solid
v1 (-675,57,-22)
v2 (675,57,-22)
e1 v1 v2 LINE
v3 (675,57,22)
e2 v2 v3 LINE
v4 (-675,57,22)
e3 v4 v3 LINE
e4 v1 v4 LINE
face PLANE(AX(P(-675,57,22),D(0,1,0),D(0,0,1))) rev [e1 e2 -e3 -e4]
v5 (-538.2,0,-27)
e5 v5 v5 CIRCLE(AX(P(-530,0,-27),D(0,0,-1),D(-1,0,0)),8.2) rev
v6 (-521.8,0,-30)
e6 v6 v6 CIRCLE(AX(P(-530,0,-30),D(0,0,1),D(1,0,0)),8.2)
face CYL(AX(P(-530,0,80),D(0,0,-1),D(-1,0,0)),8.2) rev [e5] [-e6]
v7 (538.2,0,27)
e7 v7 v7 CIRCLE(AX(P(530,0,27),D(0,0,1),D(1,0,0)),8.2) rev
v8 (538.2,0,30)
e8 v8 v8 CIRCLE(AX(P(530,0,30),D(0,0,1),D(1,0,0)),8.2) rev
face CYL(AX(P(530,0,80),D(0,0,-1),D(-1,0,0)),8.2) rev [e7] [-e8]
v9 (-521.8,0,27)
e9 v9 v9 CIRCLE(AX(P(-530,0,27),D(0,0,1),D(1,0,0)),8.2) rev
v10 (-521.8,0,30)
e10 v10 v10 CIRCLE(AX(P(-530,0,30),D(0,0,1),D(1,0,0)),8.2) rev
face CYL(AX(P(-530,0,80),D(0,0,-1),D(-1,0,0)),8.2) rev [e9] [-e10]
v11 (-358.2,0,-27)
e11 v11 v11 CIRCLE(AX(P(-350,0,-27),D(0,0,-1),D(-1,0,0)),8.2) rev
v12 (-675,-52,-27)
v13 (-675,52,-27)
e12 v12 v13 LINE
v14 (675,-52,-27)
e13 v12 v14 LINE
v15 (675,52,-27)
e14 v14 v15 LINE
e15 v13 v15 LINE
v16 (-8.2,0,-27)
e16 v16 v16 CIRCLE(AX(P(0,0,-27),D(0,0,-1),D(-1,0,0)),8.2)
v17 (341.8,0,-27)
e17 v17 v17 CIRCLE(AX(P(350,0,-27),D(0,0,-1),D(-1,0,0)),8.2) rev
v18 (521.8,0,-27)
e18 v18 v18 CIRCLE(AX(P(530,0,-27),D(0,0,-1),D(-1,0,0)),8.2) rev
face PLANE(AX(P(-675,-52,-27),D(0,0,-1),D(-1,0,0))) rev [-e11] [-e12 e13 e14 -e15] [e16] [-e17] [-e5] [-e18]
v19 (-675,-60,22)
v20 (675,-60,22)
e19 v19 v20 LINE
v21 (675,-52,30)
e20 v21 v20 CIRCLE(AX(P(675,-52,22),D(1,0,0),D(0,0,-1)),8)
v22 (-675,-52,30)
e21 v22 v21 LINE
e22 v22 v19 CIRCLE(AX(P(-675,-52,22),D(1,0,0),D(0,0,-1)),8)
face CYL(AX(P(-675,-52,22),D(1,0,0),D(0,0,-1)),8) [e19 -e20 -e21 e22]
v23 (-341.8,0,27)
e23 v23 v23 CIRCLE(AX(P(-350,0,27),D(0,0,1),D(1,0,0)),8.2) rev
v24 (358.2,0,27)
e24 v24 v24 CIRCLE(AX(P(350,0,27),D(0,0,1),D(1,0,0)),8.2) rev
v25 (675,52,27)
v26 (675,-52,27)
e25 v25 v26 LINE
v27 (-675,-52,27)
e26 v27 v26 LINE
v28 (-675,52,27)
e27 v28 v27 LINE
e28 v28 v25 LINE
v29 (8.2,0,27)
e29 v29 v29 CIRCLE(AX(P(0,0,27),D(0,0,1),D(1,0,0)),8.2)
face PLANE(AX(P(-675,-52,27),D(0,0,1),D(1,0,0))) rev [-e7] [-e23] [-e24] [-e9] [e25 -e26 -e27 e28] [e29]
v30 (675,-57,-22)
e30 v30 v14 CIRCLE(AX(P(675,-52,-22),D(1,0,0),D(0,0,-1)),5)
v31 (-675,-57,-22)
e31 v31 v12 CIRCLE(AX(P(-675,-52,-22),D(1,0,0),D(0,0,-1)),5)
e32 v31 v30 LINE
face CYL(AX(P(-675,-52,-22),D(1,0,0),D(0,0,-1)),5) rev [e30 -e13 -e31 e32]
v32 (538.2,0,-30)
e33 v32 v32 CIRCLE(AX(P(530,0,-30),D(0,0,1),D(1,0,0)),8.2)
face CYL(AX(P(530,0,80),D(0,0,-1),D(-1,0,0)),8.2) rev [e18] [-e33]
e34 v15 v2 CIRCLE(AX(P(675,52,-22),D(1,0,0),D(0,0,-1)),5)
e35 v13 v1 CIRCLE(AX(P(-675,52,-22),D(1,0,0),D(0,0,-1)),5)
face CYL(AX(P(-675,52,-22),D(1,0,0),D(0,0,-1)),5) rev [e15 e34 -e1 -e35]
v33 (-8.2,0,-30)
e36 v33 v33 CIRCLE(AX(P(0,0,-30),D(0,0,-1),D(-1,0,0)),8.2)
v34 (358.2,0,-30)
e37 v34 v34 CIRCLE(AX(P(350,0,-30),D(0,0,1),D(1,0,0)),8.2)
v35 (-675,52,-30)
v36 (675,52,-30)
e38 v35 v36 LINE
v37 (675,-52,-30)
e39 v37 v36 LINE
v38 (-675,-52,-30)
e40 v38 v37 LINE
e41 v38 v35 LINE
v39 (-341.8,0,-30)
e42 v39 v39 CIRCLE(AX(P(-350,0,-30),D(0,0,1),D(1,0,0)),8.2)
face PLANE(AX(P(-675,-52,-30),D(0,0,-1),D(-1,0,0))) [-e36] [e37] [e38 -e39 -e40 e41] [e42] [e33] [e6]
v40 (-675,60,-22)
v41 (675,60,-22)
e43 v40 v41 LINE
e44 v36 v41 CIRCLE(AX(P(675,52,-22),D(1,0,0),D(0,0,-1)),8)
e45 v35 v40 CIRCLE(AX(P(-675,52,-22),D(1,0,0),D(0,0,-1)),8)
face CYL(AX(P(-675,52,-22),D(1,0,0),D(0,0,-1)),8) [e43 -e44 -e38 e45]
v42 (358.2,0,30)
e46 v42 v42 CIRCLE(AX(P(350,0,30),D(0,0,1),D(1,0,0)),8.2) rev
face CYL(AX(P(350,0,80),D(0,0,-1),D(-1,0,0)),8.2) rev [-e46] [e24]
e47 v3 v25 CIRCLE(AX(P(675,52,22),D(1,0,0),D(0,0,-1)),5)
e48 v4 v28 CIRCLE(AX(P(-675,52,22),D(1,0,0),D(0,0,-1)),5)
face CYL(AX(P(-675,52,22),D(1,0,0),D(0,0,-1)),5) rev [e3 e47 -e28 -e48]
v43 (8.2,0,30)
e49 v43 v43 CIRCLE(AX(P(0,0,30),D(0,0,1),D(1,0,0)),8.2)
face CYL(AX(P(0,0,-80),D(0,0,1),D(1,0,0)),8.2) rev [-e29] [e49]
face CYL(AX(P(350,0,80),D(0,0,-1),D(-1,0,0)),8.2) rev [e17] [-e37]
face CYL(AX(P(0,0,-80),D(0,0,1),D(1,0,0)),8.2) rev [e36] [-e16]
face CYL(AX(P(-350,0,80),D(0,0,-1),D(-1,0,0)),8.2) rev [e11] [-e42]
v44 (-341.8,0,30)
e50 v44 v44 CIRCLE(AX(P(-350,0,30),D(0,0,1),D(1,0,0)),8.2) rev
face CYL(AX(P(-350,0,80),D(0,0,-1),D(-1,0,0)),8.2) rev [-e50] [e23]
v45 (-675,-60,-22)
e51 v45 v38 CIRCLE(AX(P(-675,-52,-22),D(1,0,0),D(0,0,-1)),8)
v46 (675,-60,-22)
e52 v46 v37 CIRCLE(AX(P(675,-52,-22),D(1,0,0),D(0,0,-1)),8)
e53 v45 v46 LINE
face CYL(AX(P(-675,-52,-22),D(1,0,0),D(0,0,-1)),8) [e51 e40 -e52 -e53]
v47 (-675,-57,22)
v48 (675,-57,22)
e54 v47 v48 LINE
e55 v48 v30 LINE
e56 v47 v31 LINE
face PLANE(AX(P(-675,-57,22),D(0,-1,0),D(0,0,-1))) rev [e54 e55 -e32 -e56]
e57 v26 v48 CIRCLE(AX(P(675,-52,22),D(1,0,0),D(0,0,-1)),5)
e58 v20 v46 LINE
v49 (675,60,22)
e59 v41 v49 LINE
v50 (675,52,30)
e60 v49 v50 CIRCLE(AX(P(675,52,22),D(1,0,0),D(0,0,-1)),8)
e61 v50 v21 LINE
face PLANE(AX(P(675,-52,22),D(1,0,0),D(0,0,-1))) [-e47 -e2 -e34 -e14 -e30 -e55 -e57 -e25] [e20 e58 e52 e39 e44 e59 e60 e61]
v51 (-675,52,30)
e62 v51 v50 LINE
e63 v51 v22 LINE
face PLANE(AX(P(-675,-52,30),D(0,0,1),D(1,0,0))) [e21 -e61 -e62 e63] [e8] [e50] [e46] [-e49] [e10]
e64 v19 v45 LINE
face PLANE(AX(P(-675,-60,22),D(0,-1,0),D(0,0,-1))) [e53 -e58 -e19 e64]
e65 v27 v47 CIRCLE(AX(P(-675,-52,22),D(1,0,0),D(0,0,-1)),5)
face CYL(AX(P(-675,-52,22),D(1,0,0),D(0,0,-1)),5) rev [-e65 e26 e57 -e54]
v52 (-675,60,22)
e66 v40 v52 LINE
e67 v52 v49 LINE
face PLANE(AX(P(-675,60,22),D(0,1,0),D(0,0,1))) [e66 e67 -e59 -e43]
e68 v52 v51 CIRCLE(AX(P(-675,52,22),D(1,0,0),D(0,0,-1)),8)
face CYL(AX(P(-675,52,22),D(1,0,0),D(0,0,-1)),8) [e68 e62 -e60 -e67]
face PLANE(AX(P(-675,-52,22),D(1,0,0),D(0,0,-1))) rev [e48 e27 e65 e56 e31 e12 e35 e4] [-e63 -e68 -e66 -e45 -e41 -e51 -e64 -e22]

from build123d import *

# Parameters (mm, degrees)
EXTRUDE_THIN1_DEPTH      = 675
EXTRUDE_THIN1_DEPTH_BACK = 675
SKETCH4_R                = 8.2
CUT_EXTRUDE3_DEPTH       = 110
SKETCH5_R                = 8.2
CUT_EXTRUDE4_DEPTH       = 110


with BuildPart() as part:
    # Sketch1 → Extrude-Thin1 (new, two sides: drawn at the far end of the back side and taken through both)
    with BuildSketch(Plane(origin=(0, 0, 0), x_dir=(0, 0, -1), z_dir=(1, 0, 0)).offset(-EXTRUDE_THIN1_DEPTH_BACK)):
        with BuildLine():
            Line((-30, 52), (-30, -52))
            ThreePointArc((-30, -52), (-27.656854249, -57.656854249), (-22, -60))
            Line((-22, -60), (22, -60))
            ThreePointArc((22, -60), (27.656854249, -57.656854249), (30, -52))
            Line((30, -52), (30, 52))
            ThreePointArc((30, 52), (27.656854249, 57.656854249), (22, 60))
            Line((22, 60), (-22, 60))
            ThreePointArc((-22, 60), (-27.656854249, 57.656854249), (-30, 52))
        make_face()
        with BuildLine():
            Line((-27, 52), (-27, -52))
            ThreePointArc((-27, -52), (-25.535533906, -55.535533906), (-22, -57))
            Line((-22, -57), (22, -57))
            ThreePointArc((22, -57), (25.535533906, -55.535533906), (27, -52))
            Line((27, -52), (27, 52))
            ThreePointArc((27, 52), (25.535533906, 55.535533906), (22, 57))
            Line((22, 57), (-22, 57))
            ThreePointArc((-22, 57), (-25.535533906, 55.535533906), (-27, 52))
        make_face(mode=Mode.SUBTRACT)
    extrude(amount=EXTRUDE_THIN1_DEPTH + EXTRUDE_THIN1_DEPTH_BACK)

    # Sketch4 → Cut-Extrude3 (cut)
    with BuildSketch(Plane.XY.offset(30)):
        with Locations(Location((0, 0, 0), (0, 0, 180))):
            Circle(SKETCH4_R)
    extrude(amount=-CUT_EXTRUDE3_DEPTH, mode=Mode.SUBTRACT)

    # Sketch5 → Cut-Extrude4 (cut)
    with BuildSketch(Plane(origin=(0, -1598, -30), x_dir=(1, 0, 0), z_dir=(0, 0, 1))):
        with Locations(Location((350, 1598, 0), (0, 0, 180))):
            Circle(SKETCH5_R)
        with Locations(Location((530, 1598, 0), (0, 0, 180))):
            Circle(SKETCH5_R)
        with Locations(Location((-350, 1598, 0), (0, 0, 180))):
            Circle(SKETCH5_R)
        with Locations(Location((-530, 1598, 0), (0, 0, 180))):
            Circle(SKETCH5_R)
    extrude(amount=CUT_EXTRUDE4_DEPTH, mode=Mode.SUBTRACT)


solid = part.part
